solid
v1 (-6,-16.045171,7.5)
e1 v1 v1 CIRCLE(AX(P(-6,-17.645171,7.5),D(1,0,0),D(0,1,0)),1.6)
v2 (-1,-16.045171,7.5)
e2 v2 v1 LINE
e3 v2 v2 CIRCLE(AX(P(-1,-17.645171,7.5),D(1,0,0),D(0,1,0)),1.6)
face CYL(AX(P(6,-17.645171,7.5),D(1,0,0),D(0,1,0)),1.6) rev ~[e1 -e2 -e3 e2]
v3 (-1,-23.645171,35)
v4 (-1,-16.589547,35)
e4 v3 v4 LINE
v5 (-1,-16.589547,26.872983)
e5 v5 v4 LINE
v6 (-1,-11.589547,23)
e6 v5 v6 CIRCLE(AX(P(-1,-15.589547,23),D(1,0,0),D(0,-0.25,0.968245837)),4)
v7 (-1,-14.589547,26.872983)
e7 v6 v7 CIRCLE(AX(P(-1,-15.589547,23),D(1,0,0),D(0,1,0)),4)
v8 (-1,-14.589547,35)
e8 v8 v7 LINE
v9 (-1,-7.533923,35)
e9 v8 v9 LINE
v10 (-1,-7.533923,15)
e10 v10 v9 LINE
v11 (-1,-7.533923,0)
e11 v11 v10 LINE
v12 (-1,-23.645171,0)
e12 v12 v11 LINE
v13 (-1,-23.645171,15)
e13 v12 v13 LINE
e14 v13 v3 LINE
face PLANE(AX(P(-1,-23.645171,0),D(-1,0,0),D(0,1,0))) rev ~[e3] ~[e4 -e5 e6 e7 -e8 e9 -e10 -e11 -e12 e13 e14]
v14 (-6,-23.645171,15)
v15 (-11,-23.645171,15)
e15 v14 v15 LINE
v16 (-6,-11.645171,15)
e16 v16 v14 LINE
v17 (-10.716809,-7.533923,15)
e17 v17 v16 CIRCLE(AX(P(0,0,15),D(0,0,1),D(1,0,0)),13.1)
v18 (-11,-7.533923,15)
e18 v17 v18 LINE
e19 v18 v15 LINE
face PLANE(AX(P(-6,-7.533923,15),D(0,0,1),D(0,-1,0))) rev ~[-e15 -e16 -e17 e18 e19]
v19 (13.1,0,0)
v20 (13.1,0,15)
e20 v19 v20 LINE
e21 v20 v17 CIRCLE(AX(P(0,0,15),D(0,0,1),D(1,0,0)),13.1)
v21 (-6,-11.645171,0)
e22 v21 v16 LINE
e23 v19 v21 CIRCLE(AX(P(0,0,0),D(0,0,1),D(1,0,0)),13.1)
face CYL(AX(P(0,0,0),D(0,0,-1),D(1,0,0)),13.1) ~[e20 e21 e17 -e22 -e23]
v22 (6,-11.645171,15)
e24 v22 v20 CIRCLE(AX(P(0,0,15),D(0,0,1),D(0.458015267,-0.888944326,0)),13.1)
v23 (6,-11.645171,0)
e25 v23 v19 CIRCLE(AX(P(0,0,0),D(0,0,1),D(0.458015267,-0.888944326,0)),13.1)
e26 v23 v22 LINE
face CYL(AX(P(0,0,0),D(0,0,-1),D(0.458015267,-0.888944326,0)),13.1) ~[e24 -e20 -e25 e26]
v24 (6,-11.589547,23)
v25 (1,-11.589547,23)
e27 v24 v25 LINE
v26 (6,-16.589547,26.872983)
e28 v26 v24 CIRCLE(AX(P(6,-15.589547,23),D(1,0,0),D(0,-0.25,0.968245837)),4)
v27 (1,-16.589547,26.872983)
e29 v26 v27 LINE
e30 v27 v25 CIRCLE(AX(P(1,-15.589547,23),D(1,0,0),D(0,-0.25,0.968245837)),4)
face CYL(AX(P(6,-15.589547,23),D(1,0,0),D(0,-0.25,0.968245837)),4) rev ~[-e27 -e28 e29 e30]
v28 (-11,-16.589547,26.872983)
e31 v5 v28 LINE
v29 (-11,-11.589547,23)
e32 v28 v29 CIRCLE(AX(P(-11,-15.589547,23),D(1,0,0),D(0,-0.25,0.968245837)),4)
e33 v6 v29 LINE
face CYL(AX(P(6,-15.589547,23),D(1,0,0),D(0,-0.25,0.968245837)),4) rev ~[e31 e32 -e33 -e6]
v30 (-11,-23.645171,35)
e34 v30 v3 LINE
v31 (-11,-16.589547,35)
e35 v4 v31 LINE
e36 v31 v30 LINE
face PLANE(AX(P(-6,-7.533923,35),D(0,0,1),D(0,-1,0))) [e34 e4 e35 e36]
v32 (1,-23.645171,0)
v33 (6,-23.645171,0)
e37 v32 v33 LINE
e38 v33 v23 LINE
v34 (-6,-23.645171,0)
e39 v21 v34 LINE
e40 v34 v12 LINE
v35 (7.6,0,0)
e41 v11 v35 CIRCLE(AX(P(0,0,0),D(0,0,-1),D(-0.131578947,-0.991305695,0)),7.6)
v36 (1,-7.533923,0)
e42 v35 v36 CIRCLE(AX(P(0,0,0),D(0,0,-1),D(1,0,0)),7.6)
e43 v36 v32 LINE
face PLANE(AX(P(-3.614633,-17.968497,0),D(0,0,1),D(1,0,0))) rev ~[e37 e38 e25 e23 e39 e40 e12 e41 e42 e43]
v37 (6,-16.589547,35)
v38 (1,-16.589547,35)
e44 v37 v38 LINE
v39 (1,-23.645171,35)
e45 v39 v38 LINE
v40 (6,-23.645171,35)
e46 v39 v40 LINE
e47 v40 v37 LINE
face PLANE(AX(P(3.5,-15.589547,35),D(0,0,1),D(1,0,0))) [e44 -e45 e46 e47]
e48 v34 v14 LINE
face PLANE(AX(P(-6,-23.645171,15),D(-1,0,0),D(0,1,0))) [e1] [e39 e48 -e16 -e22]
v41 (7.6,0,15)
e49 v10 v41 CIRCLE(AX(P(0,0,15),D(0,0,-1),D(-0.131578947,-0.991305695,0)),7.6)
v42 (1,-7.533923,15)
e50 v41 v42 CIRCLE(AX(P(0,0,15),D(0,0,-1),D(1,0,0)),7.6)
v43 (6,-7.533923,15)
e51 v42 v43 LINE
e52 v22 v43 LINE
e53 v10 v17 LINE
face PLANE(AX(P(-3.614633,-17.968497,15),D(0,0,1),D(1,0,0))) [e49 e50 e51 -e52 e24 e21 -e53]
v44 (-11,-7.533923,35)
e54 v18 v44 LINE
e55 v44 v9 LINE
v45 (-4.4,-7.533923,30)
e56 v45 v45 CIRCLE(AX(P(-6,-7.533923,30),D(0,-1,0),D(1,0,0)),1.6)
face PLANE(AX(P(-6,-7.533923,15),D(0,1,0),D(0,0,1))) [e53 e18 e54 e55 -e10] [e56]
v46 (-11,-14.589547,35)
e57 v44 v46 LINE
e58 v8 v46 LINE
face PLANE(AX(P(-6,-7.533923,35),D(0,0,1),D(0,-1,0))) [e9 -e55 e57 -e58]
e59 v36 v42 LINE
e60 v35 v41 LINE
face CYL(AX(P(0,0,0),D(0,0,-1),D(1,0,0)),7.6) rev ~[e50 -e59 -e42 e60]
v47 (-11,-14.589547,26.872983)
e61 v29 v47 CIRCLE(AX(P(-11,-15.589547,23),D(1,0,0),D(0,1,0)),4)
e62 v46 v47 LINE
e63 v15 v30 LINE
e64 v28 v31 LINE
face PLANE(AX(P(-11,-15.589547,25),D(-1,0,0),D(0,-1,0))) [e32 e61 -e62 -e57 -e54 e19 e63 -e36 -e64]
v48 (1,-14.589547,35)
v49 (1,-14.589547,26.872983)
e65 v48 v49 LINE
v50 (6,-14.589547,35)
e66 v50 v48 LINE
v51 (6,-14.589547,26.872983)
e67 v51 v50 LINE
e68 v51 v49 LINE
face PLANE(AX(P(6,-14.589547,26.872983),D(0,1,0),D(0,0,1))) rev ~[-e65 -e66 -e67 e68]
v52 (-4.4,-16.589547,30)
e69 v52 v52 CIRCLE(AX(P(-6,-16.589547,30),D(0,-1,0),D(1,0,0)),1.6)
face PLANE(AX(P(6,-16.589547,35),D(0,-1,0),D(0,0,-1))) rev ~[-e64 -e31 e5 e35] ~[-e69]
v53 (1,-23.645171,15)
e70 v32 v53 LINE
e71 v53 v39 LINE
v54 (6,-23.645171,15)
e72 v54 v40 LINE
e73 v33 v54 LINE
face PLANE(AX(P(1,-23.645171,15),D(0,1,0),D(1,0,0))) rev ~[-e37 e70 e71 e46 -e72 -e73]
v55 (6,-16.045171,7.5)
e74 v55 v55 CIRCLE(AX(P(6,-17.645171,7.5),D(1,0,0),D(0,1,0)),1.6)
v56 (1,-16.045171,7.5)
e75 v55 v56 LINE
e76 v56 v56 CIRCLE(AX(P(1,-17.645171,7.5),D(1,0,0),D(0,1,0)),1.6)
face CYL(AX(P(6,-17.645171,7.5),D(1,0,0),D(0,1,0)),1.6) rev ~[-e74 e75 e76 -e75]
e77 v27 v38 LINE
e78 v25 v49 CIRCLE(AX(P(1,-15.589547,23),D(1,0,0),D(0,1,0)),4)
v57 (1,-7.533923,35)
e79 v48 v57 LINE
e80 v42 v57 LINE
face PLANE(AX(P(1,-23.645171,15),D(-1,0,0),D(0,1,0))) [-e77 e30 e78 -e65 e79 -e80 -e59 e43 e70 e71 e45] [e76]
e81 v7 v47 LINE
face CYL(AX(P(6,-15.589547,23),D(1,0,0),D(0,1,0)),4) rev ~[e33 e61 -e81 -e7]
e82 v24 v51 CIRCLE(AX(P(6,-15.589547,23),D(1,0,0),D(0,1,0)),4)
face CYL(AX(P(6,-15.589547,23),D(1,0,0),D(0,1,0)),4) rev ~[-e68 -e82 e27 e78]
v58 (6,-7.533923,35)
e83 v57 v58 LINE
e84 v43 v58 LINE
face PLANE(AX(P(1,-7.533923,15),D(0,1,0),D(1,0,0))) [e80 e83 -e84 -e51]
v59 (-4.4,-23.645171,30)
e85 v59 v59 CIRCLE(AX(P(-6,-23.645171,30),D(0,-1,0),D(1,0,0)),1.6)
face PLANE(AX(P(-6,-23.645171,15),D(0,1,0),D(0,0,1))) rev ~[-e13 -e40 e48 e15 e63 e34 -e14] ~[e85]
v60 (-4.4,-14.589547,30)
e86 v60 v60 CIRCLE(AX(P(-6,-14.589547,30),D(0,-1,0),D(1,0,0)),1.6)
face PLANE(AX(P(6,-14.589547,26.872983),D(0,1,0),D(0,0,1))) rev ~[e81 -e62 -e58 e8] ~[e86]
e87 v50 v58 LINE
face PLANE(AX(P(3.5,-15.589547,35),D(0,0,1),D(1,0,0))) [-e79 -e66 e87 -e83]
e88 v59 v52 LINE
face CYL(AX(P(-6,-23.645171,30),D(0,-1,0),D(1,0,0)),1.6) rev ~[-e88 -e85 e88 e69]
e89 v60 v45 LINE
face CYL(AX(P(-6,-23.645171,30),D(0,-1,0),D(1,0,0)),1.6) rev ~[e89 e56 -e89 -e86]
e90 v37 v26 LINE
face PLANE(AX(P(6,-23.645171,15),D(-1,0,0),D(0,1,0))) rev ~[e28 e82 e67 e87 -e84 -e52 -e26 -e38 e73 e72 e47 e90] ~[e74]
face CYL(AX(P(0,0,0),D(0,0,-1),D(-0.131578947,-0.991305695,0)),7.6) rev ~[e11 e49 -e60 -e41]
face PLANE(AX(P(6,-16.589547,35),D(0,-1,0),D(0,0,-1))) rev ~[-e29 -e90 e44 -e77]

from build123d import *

# Parameters (mm, degrees)
F1_DEPTH  = 15
F2_R      = 1.6
F3_DEPTH  = 20
F4_W      = 5
F4_H      = 16.1112473921
F5_DEPTH  = 20
F6_W      = 16.1112473921
F6_H      = 20
F7_DEPTH  = 5
F9_DEPTH  = 20
F10_R     = 1.6
F11_DEPTH = 20


with BuildPart() as f1:
    # F0 (on Top) → F1 (new body)
    with BuildSketch(Plane.XY):
        with BuildLine():
            Line((-1, -23.6451706729), (-1, -13.0617762957))
            ThreePointArc((-1, -13.0617762957), (-3.570951256, -12.6039004728), (-6, -11.6451706729))
            Line((-6, -11.6451706729), (-6, -23.6451706729))
            Line((-6, -23.6451706729), (-1, -23.6451706729))
        make_face()
        with BuildLine():
            ThreePointArc((6, -11.6451706729), (3.570951256, -12.6039004728), (1, -13.0617762957))
            Line((1, -13.0617762957), (1, -23.6451706729))
            Line((1, -23.6451706729), (6, -23.6451706729))
            Line((6, -23.6451706729), (6, -11.6451706729))
        make_face()
        with BuildLine():
            ThreePointArc((-1, -7.5339232807), (-5.0079936102, 5.7166423712), (7.6, 0))
            ThreePointArc((7.6, 0), (5.7166423712, -5.0079936102), (1, -7.5339232807))
            Line((1, -7.5339232807), (1, -13.0617762957))
            ThreePointArc((1, -13.0617762957), (3.570951256, -12.6039004728), (6, -11.6451706729))
            ThreePointArc((6, -11.6451706729), (11.1850346446, -6.8194574564), (13.1, 0))
            ThreePointArc((13.1, 0), (-6.8194574564, 11.1850346446), (-6, -11.6451706729))
            ThreePointArc((-6, -11.6451706729), (-3.570951256, -12.6039004728), (-1, -13.0617762957))
            Line((-1, -13.0617762957), (-1, -7.5339232807))
        make_face()
    extrude(amount=F1_DEPTH)

    # F2 (on face) → F3 (cut)
    with BuildSketch(Plane.YZ.offset(6)):
        with Locations((-17.6451706729, 7.5)):
            Circle(F2_R)
    extrude(amount=-F3_DEPTH, mode=Mode.SUBTRACT)

    # F4 (on face) → F5 (join)
    with BuildSketch(Plane.XY.offset(15)):
        with Locations((3.5, -15.5895469768)):
            Rectangle(F4_W, F4_H)
        with Locations((-3.5, -15.5895469768)):
            Rectangle(F4_W, F4_H)
    extrude(amount=F5_DEPTH)

    # F6 (on face) → F7 (join)
    with BuildSketch(Plane(origin=(-6, 0, 0), x_dir=(0, -1, 0), z_dir=(-1, 0, 0))):
        with Locations((15.5895469768, 25)):
            Rectangle(F6_W, F6_H)
    extrude(amount=F7_DEPTH)

    # F8 (on face) → F9 (cut)
    with BuildSketch(Plane.YZ.offset(6)):
        with BuildLine():
            ThreePointArc((-16.5895469768, 26.8729833462), (-18.0390367196, 19.8377223398), (-11.5895469768, 23))
            ThreePointArc((-11.5895469768, 23), (-12.4272693166, 25.4494897428), (-14.5895469768, 26.8729833462))
            Line((-14.5895469768, 26.8729833462), (-16.5895469768, 26.8729833462))
        make_face()
        with BuildLine():
            Line((-16.5895469768, 26.8729833462), (-14.5895469768, 26.8729833462))
            ThreePointArc((-14.5895469768, 26.8729833462), (-15.5895469768, 27), (-16.5895469768, 26.8729833462))
        make_face()
        with BuildLine():
            ThreePointArc((-16.5895469768, 26.8729833462), (-15.5895469768, 27), (-14.5895469768, 26.8729833462))
            Line((-14.5895469768, 26.8729833462), (-14.5895469768, 35))
            Line((-14.5895469768, 35), (-16.5895469768, 35))
            Line((-16.5895469768, 35), (-16.5895469768, 26.8729833462))
        make_face()
    extrude(amount=-F9_DEPTH, mode=Mode.SUBTRACT)

    # F10 (on face) → F11 (cut)
    with BuildSketch(Plane.XZ.offset(23.6451706729)):
        with Locations((-6, 30)):
            Circle(F10_R)
    extrude(amount=-F11_DEPTH, mode=Mode.SUBTRACT)


solid = f1.part
